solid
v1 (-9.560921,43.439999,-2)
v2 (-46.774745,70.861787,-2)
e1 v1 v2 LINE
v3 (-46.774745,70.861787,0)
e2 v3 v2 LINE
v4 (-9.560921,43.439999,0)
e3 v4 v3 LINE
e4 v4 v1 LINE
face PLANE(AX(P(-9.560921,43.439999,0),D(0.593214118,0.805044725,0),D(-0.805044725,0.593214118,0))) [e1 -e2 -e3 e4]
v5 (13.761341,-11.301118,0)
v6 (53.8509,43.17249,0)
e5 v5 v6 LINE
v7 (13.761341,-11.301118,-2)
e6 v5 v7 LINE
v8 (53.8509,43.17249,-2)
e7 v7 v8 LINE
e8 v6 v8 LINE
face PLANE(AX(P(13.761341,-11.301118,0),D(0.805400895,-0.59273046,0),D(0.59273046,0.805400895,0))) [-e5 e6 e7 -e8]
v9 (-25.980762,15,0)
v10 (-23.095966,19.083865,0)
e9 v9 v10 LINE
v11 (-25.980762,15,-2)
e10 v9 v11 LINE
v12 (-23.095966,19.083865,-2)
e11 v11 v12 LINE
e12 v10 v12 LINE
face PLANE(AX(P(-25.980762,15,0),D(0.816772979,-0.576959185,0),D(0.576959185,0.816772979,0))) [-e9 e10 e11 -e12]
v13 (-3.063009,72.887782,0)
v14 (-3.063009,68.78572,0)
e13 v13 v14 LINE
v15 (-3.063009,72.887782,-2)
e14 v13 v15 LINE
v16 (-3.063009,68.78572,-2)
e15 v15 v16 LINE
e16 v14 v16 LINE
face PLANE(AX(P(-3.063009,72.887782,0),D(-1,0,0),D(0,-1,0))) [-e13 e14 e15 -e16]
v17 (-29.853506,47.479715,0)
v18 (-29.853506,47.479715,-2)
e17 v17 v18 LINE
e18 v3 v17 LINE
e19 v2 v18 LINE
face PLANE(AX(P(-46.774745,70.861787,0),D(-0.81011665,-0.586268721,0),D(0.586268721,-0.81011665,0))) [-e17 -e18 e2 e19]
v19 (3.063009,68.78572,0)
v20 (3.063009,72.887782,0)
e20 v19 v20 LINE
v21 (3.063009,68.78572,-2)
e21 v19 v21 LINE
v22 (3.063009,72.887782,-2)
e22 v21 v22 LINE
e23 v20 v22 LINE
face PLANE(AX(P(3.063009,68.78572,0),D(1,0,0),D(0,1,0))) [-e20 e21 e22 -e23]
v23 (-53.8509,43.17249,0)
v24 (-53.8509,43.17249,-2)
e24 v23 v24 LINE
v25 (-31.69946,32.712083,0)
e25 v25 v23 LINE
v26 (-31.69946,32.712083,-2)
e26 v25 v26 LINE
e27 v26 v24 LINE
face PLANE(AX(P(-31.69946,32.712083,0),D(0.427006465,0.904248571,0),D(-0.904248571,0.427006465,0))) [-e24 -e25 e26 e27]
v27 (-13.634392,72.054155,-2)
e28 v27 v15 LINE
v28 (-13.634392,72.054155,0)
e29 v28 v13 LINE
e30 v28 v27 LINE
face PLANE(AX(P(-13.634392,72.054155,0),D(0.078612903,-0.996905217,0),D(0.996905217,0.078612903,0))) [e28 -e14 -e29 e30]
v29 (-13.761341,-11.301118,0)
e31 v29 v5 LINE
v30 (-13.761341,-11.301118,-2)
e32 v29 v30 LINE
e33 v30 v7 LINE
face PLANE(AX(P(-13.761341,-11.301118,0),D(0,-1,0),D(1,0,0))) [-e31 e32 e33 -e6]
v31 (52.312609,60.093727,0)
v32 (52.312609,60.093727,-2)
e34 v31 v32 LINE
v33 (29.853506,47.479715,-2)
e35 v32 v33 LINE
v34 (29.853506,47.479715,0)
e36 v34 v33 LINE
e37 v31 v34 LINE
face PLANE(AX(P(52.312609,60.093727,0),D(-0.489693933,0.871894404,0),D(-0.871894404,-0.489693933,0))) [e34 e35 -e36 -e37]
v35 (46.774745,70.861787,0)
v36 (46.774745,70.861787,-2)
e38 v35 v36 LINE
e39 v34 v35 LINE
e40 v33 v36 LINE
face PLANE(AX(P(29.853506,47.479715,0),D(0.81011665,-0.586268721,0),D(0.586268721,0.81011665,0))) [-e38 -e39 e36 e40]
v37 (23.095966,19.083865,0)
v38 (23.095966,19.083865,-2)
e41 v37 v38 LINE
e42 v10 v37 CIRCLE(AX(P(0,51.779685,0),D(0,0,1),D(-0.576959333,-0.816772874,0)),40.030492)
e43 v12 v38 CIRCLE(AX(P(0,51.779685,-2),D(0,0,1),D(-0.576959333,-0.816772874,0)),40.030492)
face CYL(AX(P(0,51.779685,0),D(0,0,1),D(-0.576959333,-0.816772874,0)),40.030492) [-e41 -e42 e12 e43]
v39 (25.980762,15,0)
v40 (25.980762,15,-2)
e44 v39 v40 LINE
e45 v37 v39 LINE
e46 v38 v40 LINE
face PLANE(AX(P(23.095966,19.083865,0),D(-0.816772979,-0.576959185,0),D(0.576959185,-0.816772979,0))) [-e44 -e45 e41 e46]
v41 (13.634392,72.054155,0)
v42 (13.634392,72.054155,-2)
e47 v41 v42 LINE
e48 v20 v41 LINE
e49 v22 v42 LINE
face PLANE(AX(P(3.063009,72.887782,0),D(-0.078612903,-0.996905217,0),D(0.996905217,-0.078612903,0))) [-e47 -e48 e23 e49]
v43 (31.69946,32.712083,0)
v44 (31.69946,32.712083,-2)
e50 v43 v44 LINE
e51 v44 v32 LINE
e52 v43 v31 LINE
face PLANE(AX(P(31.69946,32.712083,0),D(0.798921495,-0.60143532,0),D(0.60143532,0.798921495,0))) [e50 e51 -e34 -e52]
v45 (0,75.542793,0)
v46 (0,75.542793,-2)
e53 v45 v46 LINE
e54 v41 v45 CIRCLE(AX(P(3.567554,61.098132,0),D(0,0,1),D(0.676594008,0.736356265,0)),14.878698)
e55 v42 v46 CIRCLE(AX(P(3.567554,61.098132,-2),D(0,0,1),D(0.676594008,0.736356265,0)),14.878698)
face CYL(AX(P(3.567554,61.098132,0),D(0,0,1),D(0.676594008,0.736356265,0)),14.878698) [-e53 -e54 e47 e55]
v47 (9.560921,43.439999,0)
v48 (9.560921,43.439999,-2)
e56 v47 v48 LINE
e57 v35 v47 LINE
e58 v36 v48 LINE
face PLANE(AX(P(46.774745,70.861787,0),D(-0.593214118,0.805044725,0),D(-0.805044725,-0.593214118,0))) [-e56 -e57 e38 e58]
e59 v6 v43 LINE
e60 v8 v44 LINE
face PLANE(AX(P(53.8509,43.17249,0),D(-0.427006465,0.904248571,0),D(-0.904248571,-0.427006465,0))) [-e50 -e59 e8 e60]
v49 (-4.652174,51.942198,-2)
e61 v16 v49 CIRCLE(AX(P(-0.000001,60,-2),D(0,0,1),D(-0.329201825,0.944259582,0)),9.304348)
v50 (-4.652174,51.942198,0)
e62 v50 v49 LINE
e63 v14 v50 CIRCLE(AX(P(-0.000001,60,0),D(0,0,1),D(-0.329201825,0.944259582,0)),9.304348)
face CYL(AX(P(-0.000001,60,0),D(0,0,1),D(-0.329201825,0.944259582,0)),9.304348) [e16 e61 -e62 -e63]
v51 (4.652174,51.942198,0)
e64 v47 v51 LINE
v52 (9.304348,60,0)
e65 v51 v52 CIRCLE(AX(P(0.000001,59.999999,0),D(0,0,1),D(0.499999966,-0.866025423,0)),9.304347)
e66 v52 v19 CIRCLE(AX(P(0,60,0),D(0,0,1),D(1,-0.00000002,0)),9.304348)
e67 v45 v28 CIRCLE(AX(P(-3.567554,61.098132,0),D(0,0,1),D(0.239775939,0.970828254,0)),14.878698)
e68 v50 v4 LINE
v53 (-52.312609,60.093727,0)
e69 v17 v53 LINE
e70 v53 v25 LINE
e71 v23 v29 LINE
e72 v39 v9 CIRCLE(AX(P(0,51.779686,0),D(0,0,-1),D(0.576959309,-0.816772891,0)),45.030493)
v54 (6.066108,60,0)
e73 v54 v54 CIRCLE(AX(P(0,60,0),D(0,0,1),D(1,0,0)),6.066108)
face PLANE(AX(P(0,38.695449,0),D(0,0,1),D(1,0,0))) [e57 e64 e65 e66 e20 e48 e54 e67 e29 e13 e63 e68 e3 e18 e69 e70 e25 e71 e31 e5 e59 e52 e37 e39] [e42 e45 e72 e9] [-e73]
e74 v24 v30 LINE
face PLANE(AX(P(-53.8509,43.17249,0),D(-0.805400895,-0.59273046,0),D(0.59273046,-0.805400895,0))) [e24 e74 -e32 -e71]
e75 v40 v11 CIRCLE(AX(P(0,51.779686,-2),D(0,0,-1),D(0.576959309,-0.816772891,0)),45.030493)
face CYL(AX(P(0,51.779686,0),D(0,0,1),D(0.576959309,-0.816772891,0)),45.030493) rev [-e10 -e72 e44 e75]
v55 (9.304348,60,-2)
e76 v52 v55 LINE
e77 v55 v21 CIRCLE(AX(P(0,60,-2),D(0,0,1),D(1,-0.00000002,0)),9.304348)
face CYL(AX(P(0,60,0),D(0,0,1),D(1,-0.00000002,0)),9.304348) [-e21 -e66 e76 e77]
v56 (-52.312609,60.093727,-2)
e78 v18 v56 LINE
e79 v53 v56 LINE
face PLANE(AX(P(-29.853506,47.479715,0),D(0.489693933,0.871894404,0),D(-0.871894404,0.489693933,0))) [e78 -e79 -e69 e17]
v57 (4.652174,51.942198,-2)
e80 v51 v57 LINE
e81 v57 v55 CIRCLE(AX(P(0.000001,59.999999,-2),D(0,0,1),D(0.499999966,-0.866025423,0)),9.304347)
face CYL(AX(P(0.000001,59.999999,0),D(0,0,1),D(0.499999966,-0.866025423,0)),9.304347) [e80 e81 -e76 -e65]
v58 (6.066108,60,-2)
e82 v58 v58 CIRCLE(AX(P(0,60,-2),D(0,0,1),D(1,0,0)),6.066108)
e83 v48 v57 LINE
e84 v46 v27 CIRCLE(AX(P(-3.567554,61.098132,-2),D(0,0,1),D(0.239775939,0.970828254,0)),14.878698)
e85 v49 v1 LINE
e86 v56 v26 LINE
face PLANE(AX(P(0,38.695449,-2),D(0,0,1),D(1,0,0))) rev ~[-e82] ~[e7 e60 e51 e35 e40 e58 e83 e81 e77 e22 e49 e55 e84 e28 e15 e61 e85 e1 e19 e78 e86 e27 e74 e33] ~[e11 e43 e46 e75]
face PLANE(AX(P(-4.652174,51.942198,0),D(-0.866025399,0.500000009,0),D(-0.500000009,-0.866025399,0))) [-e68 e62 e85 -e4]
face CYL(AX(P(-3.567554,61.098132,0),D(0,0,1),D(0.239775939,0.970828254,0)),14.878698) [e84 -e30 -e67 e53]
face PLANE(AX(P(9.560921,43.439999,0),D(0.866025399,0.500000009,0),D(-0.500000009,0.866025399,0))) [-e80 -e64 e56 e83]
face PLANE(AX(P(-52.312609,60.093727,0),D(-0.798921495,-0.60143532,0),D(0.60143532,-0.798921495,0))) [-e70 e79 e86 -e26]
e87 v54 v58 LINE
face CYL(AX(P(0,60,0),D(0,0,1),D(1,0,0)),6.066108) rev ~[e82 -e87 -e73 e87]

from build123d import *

# Parameters (mm, degrees)
F0_R     = 6.066108
F1_DEPTH = 2


with BuildPart() as f1:
    # F0 (on Top) → F1 (new body)
    with BuildSketch(Plane.XY):
        with BuildLine():
            ThreePointArc((0, 50.695652), (-2.408143, 51.01269), (-4.652174, 51.942198))
            Line((-4.652174, 51.942198), (-9.560921, 43.439999))
            Line((-9.560921, 43.439999), (-46.774745, 70.861787))
            Line((-46.774745, 70.861787), (-29.853506, 47.479715))
            Line((-29.853506, 47.479715), (-52.312609, 60.093727))
            Line((-52.312609, 60.093727), (-31.69946, 32.712083))
            Line((-31.69946, 32.712083), (-53.8509, 43.17249))
            Line((-53.8509, 43.17249), (-13.761341, -11.301118))
            Line((-13.761341, -11.301118), (13.761341, -11.301118))
            Line((13.761341, -11.301118), (53.8509, 43.17249))
            Line((53.8509, 43.17249), (31.69946, 32.712083))
            Line((31.69946, 32.712083), (52.312609, 60.093727))
            Line((52.312609, 60.093727), (29.853506, 47.479715))
            Line((29.853506, 47.479715), (46.774745, 70.861787))
            Line((46.774745, 70.861787), (9.560921, 43.439999))
            Line((9.560921, 43.439999), (4.652174, 51.942198))
            ThreePointArc((4.652174, 51.942198), (2.408143, 51.01269), (0, 50.695652))
        make_face()
        with BuildLine():
            ThreePointArc((25.980762, 15), (0, 6.749193), (-25.980762, 15))
            Line((-25.980762, 15), (-23.095966, 19.083865))
            ThreePointArc((-23.095966, 19.083865), (0, 11.749193), (23.095966, 19.083865))
            Line((23.095966, 19.083865), (25.980762, 15))
        make_face(mode=Mode.SUBTRACT)
        with BuildLine():
            ThreePointArc((-3.063009, 68.78572), (-9.263211, 60.873972), (-4.652174, 51.942198))
            ThreePointArc((-4.652174, 51.942198), (-2.408143, 51.01269), (0, 50.695652))
            ThreePointArc((0, 50.695652), (2.408143, 51.01269), (4.652174, 51.942198))
            ThreePointArc((4.652174, 51.942198), (8.057802, 55.347826), (9.304348, 60))
            ThreePointArc((9.304348, 60), (7.585189, 65.388488), (3.063009, 68.78572))
            ThreePointArc((3.063009, 68.78572), (1.553303, 69.173775), (0, 69.304348))
            ThreePointArc((0, 69.304348), (-1.553303, 69.173775), (-3.063009, 68.78572))
        make_face()
        with Locations((0, 60)):
            Circle(F0_R, mode=Mode.SUBTRACT)
        with BuildLine():
            Line((0, 75.542793), (0, 69.304348))
            ThreePointArc((0, 69.304348), (1.553303, 69.173775), (3.063009, 68.78572))
            Line((3.063009, 68.78572), (3.063009, 72.887782))
            Line((3.063009, 72.887782), (13.634392, 72.054155))
            ThreePointArc((13.634392, 72.054155), (7.255754, 75.51246), (0, 75.542793))
        make_face()
        with BuildLine():
            Line((-3.063009, 72.887782), (-3.063009, 68.78572))
            ThreePointArc((-3.063009, 68.78572), (-1.553303, 69.173775), (0, 69.304348))
            Line((0, 69.304348), (0, 75.542793))
            ThreePointArc((0, 75.542793), (-7.255754, 75.51246), (-13.634392, 72.054155))
            Line((-13.634392, 72.054155), (-3.063009, 72.887782))
        make_face()
    extrude(amount=-F1_DEPTH)


solid = f1.part
